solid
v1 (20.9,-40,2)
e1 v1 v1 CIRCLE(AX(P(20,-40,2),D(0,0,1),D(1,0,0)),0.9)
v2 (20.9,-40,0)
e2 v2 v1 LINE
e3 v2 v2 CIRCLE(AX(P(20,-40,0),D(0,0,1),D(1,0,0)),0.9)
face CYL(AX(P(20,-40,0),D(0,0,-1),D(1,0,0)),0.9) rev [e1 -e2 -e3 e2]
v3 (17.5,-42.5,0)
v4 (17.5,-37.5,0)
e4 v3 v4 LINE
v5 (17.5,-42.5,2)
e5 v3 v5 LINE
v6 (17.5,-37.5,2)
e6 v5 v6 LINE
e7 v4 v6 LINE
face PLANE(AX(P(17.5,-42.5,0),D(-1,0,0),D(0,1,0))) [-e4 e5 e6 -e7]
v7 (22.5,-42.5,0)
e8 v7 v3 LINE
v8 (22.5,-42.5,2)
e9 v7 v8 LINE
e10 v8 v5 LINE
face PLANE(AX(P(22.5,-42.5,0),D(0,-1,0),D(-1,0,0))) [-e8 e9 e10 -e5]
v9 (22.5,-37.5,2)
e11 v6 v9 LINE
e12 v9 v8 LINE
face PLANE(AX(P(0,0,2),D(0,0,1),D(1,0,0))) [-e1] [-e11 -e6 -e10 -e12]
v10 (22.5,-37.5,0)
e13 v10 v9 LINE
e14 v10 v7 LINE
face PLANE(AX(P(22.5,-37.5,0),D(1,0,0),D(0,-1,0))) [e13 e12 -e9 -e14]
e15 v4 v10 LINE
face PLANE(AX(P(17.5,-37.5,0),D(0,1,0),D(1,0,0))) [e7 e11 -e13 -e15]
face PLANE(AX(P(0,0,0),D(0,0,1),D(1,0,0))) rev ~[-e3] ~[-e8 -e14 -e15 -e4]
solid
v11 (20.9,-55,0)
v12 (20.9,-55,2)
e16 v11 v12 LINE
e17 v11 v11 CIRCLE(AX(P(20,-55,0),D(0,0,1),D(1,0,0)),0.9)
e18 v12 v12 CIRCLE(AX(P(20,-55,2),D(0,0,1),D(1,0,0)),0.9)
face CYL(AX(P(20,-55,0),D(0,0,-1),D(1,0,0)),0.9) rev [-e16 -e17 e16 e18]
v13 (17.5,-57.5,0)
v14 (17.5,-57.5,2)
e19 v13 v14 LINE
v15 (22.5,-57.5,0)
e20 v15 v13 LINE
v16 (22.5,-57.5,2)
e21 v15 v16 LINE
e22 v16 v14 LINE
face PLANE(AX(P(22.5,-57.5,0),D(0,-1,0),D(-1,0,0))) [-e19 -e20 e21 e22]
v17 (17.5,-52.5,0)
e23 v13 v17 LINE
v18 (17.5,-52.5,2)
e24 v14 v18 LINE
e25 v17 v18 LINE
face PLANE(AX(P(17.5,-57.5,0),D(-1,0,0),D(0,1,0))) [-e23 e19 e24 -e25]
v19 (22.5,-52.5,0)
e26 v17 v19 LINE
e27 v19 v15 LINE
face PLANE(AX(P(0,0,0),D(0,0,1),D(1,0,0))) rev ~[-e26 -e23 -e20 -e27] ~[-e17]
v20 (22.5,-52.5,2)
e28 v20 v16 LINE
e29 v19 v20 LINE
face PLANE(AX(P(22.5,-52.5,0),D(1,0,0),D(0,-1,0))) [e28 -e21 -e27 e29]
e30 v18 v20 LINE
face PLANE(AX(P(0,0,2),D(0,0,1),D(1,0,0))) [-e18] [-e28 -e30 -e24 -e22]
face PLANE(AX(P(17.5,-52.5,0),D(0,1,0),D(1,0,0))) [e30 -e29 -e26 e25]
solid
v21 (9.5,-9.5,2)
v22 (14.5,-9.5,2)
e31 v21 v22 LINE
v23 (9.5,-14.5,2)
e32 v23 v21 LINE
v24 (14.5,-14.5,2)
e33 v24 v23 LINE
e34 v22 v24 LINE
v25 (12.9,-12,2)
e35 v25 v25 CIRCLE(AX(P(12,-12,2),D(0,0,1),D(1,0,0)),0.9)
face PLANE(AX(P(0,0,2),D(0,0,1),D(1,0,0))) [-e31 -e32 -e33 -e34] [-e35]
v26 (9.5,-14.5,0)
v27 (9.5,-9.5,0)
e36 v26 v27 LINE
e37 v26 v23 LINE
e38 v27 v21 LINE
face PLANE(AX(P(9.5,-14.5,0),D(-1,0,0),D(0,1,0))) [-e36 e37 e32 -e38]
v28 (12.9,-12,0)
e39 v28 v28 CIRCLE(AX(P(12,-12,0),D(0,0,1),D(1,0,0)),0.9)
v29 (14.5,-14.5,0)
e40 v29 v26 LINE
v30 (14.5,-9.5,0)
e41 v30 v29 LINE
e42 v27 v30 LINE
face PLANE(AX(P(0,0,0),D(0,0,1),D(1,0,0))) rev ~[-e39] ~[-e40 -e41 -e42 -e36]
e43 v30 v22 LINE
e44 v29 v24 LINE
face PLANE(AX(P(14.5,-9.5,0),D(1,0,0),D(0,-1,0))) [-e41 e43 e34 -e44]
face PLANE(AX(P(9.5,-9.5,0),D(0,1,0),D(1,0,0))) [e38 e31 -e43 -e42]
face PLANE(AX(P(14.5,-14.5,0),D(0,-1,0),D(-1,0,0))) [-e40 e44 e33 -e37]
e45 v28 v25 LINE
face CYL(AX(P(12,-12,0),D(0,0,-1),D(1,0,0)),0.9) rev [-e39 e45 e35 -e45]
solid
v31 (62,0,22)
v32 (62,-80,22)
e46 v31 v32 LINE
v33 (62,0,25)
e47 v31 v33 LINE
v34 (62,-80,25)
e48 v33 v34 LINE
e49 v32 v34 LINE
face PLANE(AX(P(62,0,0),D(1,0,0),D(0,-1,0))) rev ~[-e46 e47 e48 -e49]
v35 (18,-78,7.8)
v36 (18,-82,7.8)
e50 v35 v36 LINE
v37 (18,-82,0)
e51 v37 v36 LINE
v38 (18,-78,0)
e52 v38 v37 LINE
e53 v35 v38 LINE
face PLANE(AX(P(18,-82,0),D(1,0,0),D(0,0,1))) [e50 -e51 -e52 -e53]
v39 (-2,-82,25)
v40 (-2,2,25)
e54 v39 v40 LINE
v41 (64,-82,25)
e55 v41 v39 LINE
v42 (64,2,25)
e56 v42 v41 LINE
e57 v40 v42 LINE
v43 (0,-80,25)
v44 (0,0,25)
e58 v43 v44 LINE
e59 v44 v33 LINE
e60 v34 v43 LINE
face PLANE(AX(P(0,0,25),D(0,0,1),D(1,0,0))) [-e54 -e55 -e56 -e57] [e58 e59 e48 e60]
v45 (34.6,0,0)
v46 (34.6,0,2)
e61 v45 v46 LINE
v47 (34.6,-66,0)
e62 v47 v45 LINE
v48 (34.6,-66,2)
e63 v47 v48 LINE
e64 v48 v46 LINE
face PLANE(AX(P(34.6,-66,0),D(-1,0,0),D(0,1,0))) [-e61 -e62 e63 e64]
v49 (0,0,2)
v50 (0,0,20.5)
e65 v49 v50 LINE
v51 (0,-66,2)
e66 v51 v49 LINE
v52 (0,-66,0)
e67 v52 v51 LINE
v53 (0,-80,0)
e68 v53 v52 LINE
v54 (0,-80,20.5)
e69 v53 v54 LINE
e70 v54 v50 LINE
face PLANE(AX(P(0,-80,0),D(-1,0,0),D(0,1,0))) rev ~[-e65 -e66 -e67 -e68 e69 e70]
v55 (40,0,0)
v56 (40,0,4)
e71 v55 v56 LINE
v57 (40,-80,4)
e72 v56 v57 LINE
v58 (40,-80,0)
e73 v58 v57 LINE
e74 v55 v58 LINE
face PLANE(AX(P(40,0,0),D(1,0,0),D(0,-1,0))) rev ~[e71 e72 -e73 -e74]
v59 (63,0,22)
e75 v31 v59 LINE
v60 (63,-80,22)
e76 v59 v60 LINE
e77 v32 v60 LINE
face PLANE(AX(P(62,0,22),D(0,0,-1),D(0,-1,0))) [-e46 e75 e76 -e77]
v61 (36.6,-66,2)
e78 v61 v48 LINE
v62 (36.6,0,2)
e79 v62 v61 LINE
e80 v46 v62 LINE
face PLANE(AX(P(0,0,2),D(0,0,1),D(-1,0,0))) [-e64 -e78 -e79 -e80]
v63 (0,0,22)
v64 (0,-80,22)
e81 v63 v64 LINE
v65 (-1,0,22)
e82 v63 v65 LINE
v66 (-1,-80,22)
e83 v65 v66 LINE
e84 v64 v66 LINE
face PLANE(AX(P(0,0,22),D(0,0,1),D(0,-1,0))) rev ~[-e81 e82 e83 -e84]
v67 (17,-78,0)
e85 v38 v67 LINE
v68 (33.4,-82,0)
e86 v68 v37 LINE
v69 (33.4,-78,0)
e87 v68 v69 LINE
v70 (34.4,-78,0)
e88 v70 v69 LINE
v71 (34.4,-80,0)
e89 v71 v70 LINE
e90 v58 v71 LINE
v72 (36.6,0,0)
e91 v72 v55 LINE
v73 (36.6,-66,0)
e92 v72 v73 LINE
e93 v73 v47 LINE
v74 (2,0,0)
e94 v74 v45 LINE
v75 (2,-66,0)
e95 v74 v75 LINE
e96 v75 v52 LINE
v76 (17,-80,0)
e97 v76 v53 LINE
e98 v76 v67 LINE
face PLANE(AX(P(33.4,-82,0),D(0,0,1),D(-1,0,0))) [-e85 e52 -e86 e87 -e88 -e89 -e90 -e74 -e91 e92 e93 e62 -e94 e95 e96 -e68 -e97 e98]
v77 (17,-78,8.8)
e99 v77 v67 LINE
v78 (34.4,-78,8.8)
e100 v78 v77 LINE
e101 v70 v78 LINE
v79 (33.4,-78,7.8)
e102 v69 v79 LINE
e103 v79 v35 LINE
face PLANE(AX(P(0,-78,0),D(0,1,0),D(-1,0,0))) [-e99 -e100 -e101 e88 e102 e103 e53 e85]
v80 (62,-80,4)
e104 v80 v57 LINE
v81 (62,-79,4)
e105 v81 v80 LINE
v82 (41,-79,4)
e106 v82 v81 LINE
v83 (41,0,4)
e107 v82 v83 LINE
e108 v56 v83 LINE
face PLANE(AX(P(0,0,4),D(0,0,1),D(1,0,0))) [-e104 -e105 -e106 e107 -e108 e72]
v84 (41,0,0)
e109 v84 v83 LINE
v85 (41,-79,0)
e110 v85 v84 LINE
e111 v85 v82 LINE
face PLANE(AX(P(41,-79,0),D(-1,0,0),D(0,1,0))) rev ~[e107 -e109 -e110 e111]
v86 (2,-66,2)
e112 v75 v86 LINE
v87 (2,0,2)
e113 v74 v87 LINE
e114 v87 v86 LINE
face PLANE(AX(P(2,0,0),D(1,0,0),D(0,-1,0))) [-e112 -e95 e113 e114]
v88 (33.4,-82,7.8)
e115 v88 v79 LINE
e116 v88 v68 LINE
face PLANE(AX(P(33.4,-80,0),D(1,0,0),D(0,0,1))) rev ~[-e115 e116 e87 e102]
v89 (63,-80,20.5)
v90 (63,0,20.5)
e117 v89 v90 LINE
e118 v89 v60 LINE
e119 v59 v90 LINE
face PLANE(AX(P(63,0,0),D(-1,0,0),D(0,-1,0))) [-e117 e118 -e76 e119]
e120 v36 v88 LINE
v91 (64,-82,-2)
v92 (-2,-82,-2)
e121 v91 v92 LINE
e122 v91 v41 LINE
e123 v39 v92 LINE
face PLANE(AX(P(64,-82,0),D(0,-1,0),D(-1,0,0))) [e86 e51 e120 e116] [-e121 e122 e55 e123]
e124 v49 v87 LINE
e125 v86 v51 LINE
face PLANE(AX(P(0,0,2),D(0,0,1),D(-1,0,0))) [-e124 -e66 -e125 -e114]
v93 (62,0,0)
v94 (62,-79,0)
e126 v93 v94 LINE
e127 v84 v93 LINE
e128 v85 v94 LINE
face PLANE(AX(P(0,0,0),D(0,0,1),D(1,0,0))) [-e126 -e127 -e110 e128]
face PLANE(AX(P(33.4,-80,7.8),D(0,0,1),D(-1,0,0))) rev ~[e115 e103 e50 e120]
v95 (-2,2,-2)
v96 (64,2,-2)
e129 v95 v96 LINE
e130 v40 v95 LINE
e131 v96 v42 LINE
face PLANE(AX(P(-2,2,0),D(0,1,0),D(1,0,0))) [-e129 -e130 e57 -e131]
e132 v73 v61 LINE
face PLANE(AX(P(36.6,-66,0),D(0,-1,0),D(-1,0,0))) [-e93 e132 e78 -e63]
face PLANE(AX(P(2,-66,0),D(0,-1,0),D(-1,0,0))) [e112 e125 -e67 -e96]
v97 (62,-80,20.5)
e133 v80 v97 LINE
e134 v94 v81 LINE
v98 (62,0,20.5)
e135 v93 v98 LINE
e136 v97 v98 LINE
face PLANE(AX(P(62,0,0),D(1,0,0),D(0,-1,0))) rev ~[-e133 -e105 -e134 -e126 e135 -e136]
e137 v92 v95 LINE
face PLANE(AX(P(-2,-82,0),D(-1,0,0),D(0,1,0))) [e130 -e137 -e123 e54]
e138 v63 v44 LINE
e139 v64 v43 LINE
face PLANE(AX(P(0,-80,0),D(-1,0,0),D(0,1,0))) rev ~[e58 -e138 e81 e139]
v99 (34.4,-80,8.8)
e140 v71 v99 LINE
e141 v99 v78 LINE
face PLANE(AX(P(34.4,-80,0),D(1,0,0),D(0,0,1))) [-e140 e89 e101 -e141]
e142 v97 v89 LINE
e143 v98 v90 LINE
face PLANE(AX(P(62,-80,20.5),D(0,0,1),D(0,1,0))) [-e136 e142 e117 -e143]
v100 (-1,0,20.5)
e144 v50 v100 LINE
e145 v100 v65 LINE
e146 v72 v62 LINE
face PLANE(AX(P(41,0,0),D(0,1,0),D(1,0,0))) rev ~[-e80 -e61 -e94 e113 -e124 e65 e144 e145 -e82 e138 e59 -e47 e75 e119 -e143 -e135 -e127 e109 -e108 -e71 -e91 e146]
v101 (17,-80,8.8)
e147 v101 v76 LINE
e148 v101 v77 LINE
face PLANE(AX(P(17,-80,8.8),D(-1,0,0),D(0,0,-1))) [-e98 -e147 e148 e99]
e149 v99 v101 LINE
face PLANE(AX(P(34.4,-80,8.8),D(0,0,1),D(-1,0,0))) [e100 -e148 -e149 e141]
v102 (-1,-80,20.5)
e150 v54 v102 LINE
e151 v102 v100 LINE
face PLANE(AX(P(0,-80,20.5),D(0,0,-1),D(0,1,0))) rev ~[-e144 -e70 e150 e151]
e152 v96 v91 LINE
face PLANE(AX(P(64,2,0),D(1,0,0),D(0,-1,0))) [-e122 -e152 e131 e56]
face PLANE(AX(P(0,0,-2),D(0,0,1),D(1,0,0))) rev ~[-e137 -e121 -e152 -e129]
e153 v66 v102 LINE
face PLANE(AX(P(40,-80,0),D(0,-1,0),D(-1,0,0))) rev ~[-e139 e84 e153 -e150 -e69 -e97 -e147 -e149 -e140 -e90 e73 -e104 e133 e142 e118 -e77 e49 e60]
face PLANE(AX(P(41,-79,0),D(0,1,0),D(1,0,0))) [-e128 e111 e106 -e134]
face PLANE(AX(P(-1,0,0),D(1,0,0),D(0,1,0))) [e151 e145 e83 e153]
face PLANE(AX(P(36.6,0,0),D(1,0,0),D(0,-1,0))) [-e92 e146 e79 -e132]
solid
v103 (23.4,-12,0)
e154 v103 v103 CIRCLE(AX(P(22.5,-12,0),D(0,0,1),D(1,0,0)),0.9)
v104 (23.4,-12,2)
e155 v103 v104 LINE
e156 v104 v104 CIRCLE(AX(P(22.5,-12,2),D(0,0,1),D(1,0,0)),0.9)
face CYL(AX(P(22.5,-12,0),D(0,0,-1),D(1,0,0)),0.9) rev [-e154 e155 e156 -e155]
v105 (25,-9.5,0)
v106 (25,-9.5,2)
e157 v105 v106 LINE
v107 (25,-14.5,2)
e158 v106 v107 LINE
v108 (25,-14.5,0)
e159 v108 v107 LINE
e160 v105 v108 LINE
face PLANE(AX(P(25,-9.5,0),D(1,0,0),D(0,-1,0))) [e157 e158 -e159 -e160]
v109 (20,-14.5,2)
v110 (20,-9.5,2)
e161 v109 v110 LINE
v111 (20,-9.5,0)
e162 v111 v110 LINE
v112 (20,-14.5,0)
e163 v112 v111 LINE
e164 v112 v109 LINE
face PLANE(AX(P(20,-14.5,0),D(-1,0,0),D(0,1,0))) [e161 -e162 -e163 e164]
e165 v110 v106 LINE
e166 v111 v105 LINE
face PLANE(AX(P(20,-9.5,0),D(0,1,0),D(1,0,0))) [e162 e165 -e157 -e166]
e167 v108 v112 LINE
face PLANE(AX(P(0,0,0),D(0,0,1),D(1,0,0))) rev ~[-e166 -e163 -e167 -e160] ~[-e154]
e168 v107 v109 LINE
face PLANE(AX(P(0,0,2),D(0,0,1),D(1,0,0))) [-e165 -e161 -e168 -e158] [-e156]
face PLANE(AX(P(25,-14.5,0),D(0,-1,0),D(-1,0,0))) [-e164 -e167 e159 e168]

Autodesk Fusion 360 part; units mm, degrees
sketch "Skizze1" plane through (0, 0, 0) normal (0, 0, 1) x (1, 0, 0)
  line L0 (0, 0) -> (62, 0)
  line L1 (62, 0) -> (62, -80)
  line L2 (62, -80) -> (0, -80)
  line L3 (0, -80) -> (0, 0)
  line L4 (64, -82) -> (-2, -82)
  line L5 (-2, -82) -> (-2, 2)
  line L6 (-2, 2) -> (64, 2)
  line L7 (64, 2) -> (64, -82)
  line L8 (41, -79) -> (62, -79)
  line L9 (41, -80) -> (41, 0)
  line L10 (40, 0) -> (40, -80)
  line L11 (14.5, -14.5) -> (9.5, -14.5)
  line L12 (9.5, -14.5) -> (9.5, -9.5)
  line L13 (9.5, -9.5) -> (14.5, -9.5)
  line L14 (14.5, -9.5) -> (14.5, -14.5)
  line L15 (14.5, -14.5) -> (9.5, -9.5) construction
  line L16 (9.5, -14.5) -> (14.5, -9.5) construction
  line L17 (25, -14.5) -> (20, -14.5)
  line L18 (20, -14.5) -> (20, -9.5)
  line L19 (20, -9.5) -> (25, -9.5)
  line L20 (25, -9.5) -> (25, -14.5)
  line L21 (25, -14.5) -> (20, -9.5) construction
  line L22 (20, -14.5) -> (25, -9.5) construction
  line L23 (22.5, -42.5) -> (17.5, -42.5)
  line L24 (17.5, -42.5) -> (17.5, -37.5)
  line L25 (17.5, -37.5) -> (22.5, -37.5)
  line L26 (22.5, -37.5) -> (22.5, -42.5)
  line L27 (22.5, -42.5) -> (17.5, -37.5) construction
  line L28 (17.5, -42.5) -> (22.5, -37.5) construction
  line L29 (22.5, -57.5) -> (17.5, -57.5)
  line L30 (17.5, -57.5) -> (17.5, -52.5)
  line L31 (17.5, -52.5) -> (22.5, -52.5)
  line L32 (22.5, -52.5) -> (22.5, -57.5)
  line L33 (22.5, -57.5) -> (17.5, -52.5) construction
  line L34 (17.5, -57.5) -> (22.5, -52.5) construction
  line L35 (-2, -82) -> (64, -82)
  line L36 (64, -82) -> (64, 2)
  line L37 (64, 2) -> (-2, 2)
  line L38 (-2, 2) -> (-2, -82)
  circle A0 centre (12, -12) radius 0.9
  circle A1 centre (22.5, -12) radius 0.9
  circle A2 centre (20, -40) radius 0.9
  circle A3 centre (20, -55) radius 0.9
  point P0 (12, -12)
  point P1 (22.5, -12)
  point P2 (20, -40)
  point P3 (20, -55)
  dimension "d1" = 62
  dimension "d2" = 80
  dimension "d3" = -2
  dimension "d6" = 79
  dimension "d7" = 21
  dimension "d8" = 1
  dimension "d9" = 5
  dimension "d10" = 5
  dimension "d11" = 12
  dimension "d12" = 12
  dimension "d13" = 5
  dimension "d14" = 5
  dimension "d15" = 12
  dimension "d16" = 10.5
  dimension "d17" = 5
  dimension "d18" = 5
  dimension "d19" = 20
  dimension "d20" = 40
  dimension "d21" = 5
  dimension "d22" = 5
  dimension "d23" = 20
  dimension "d24" = 15
  dimension "d44" = 1.8
  dimension "d45" = 1.8
  dimension "d46" = 1.8
  dimension "d47" = 1.8
extrude "Extrusion2" add sketch "Skizze1" along normal blind 25 contours L4 L5 L6 L7 L35 L36 L37 L38 makes body 1
extrude "Extrusion3" add sketch "Skizze1" along normal blind 2 separate body contours L11 L12 L13 L14 | L17 L18 L19 L20 | L23 L24 L25 L26 | L29 L30 L31 L32 makes body 2 at (19.9776, -41.9658, 0) makes body 3 at (22.5224, -10.0342, 0) makes body 4 at (20.0224, -56.9658, 0) makes body 5 at (11.9776, -10.0342, 0)
extrude "Extrusion4" add sketch "Skizze1" along normal blind 4 contours L0 L2 L9 L10 | L1 L2 L8 L9 bodies 1
extrude "Extrusion6" add sketch "Skizze1" against normal blind 2 separate body contours L0 L2 L3 L10 | L0 L2 L9 L10 | L0 L1 L8 L9 | L1 L2 L8 L9 | L4 L5 L6 L7 L35 L36 L37 L38 | L11 L12 L13 L14 | L17 L18 L19 L20 | L23 L24 L25 L26 | L29 L30 L31 L32 | A0 | A1 | A2 | A3 makes body 6
sketch "Skizze2" plane through (0, 0, 0) normal (0, 0, 1) x (-1, 0, 0)
  line L0 (2, -2) -> (2, 82)
  line L1 (2, 82) -> (-64, 82)
  line L2 (-64, 82) -> (-64, -2)
  line L3 (-64, -2) -> (2, -2)
  line L4 (0, 0) -> (-2, 0)
  line L5 (-2, 0) -> (-2, 66)
  line L6 (-2, 66) -> (0, 66)
  line L7 (0, 66) -> (0, 0)
  line L8 (-34.6, 0) -> (-36.6, 0)
  line L9 (-36.6, 0) -> (-36.6, 66)
  line L10 (-36.6, 66) -> (-34.6, 66)
  line L11 (-34.6, 66) -> (-34.6, 0)
  dimension "d37" = 66
  dimension "d38" = 2
  dimension "d39" = 66
  dimension "d40" = 36.6
  dimension "d41" = 2
extrude "Extrusion7" add sketch "Skizze2" along normal blind 2 contours L4 L5 L6 L7 | L8 L9 L10 L11 bodies 1 6
sketch "Skizze4" plane through (0, -82, 0) normal (0, -1, 0) x (1, 0, 0)
  line L0 (64, -2) -> (64, 25)
  line L1 (64, 25) -> (-2, 25)
  line L2 (-2, 25) -> (-2, -2)
  line L3 (-2, -2) -> (64, -2)
  line L4 (18, 7.8) -> (33.4, 7.8)
  line L5 (33.4, 7.8) -> (33.4, 0)
  line L6 (33.4, 0) -> (18, 0)
  line L7 (18, 0) -> (18, 7.8)
  dimension "d53" = 15.4
  dimension "d54" = 7.8
  dimension "d55" = 20
  dimension "d56" = 2
extrude "Extrusion9" cut sketch "Skizze4" against normal up to surface (2 mm away) contours L4 L5 L6 L7 bodies 1
sketch "Skizze5" plane through (0, -80, 0) normal (0, 1, 0) x (-1, 0, 0)
  line L0 (-33.4, 0) -> (-33.4, 7.8)
  line L1 (-33.4, 7.8) -> (-18, 7.8)
  line L2 (-18, 7.8) -> (-18, 0)
  line L3 (-18, 0) -> (0, 0)
  line L4 (0, 0) -> (0, 25)
  line L5 (0, 25) -> (-62, 25)
  line L6 (-62, 25) -> (-62, 4)
  line L7 (-62, 4) -> (-40, 4)
  line L8 (-40, 4) -> (-40, 0)
  line L9 (-40, 0) -> (-33.4, 0)
  line L10 (-34.4, 0) -> (-34.4, 8.8)
  line L11 (-34.4, 8.8) -> (-17, 8.8)
  line L12 (-17, 8.8) -> (-17, 0)
  dimension "d59" = -1
extrude "Extrusion10" add sketch "Skizze5" along normal blind 2 contours L0 L1 L2 L3 L9 L10 L11 L12 bodies 1
sketch "Skizze6" plane through (62, 0, 0) normal (-1, 0, 0) x (0, -1, 0)
  line L0 (79, 0) -> (79, 4)
  line L1 (79, 4) -> (80, 4)
  line L2 (80, 4) -> (80, 25)
  line L3 (80, 25) -> (0, 25)
  line L4 (0, 25) -> (0, 0)
  line L5 (0, 0) -> (79, 0)
  line L6 (0, 22) -> (80, 22)
  line L7 (80, 22) -> (80, 20.5)
  line L8 (80, 20.5) -> (0, 20.5)
  line L9 (0, 20.5) -> (0, 22)
  dimension "d62" = 1.5
  dimension "d63" = 3
extrude "Extrusion11" cut sketch "Skizze6" against normal blind 1 contours L2 L4 L6 L7 L8 L9 bodies 1
sketch "Skizze7" plane through (0, 0, 0) normal (1, 0, 0) x (0, 1, 0)
  line L0 (-66, 0) -> (-66, 2)
  line L1 (-66, 2) -> (0, 2)
  line L2 (0, 2) -> (0, 25)
  line L3 (0, 25) -> (-80, 25)
  line L4 (-80, 25) -> (-80, 0)
  line L5 (-80, 0) -> (-66, 0)
  line L6 (0, 22) -> (-80, 22)
  line L7 (-80, 22) -> (-80, 20.5)
  line L8 (-80, 20.5) -> (0, 20.5)
  line L9 (0, 20.5) -> (0, 22)
  dimension "d66" = 1.5
  dimension "d67" = 3
extrude "Extrusion12" cut sketch "Skizze7" against normal blind 1 contours L2 L4 L6 L7 L8 L9 bodies 1
